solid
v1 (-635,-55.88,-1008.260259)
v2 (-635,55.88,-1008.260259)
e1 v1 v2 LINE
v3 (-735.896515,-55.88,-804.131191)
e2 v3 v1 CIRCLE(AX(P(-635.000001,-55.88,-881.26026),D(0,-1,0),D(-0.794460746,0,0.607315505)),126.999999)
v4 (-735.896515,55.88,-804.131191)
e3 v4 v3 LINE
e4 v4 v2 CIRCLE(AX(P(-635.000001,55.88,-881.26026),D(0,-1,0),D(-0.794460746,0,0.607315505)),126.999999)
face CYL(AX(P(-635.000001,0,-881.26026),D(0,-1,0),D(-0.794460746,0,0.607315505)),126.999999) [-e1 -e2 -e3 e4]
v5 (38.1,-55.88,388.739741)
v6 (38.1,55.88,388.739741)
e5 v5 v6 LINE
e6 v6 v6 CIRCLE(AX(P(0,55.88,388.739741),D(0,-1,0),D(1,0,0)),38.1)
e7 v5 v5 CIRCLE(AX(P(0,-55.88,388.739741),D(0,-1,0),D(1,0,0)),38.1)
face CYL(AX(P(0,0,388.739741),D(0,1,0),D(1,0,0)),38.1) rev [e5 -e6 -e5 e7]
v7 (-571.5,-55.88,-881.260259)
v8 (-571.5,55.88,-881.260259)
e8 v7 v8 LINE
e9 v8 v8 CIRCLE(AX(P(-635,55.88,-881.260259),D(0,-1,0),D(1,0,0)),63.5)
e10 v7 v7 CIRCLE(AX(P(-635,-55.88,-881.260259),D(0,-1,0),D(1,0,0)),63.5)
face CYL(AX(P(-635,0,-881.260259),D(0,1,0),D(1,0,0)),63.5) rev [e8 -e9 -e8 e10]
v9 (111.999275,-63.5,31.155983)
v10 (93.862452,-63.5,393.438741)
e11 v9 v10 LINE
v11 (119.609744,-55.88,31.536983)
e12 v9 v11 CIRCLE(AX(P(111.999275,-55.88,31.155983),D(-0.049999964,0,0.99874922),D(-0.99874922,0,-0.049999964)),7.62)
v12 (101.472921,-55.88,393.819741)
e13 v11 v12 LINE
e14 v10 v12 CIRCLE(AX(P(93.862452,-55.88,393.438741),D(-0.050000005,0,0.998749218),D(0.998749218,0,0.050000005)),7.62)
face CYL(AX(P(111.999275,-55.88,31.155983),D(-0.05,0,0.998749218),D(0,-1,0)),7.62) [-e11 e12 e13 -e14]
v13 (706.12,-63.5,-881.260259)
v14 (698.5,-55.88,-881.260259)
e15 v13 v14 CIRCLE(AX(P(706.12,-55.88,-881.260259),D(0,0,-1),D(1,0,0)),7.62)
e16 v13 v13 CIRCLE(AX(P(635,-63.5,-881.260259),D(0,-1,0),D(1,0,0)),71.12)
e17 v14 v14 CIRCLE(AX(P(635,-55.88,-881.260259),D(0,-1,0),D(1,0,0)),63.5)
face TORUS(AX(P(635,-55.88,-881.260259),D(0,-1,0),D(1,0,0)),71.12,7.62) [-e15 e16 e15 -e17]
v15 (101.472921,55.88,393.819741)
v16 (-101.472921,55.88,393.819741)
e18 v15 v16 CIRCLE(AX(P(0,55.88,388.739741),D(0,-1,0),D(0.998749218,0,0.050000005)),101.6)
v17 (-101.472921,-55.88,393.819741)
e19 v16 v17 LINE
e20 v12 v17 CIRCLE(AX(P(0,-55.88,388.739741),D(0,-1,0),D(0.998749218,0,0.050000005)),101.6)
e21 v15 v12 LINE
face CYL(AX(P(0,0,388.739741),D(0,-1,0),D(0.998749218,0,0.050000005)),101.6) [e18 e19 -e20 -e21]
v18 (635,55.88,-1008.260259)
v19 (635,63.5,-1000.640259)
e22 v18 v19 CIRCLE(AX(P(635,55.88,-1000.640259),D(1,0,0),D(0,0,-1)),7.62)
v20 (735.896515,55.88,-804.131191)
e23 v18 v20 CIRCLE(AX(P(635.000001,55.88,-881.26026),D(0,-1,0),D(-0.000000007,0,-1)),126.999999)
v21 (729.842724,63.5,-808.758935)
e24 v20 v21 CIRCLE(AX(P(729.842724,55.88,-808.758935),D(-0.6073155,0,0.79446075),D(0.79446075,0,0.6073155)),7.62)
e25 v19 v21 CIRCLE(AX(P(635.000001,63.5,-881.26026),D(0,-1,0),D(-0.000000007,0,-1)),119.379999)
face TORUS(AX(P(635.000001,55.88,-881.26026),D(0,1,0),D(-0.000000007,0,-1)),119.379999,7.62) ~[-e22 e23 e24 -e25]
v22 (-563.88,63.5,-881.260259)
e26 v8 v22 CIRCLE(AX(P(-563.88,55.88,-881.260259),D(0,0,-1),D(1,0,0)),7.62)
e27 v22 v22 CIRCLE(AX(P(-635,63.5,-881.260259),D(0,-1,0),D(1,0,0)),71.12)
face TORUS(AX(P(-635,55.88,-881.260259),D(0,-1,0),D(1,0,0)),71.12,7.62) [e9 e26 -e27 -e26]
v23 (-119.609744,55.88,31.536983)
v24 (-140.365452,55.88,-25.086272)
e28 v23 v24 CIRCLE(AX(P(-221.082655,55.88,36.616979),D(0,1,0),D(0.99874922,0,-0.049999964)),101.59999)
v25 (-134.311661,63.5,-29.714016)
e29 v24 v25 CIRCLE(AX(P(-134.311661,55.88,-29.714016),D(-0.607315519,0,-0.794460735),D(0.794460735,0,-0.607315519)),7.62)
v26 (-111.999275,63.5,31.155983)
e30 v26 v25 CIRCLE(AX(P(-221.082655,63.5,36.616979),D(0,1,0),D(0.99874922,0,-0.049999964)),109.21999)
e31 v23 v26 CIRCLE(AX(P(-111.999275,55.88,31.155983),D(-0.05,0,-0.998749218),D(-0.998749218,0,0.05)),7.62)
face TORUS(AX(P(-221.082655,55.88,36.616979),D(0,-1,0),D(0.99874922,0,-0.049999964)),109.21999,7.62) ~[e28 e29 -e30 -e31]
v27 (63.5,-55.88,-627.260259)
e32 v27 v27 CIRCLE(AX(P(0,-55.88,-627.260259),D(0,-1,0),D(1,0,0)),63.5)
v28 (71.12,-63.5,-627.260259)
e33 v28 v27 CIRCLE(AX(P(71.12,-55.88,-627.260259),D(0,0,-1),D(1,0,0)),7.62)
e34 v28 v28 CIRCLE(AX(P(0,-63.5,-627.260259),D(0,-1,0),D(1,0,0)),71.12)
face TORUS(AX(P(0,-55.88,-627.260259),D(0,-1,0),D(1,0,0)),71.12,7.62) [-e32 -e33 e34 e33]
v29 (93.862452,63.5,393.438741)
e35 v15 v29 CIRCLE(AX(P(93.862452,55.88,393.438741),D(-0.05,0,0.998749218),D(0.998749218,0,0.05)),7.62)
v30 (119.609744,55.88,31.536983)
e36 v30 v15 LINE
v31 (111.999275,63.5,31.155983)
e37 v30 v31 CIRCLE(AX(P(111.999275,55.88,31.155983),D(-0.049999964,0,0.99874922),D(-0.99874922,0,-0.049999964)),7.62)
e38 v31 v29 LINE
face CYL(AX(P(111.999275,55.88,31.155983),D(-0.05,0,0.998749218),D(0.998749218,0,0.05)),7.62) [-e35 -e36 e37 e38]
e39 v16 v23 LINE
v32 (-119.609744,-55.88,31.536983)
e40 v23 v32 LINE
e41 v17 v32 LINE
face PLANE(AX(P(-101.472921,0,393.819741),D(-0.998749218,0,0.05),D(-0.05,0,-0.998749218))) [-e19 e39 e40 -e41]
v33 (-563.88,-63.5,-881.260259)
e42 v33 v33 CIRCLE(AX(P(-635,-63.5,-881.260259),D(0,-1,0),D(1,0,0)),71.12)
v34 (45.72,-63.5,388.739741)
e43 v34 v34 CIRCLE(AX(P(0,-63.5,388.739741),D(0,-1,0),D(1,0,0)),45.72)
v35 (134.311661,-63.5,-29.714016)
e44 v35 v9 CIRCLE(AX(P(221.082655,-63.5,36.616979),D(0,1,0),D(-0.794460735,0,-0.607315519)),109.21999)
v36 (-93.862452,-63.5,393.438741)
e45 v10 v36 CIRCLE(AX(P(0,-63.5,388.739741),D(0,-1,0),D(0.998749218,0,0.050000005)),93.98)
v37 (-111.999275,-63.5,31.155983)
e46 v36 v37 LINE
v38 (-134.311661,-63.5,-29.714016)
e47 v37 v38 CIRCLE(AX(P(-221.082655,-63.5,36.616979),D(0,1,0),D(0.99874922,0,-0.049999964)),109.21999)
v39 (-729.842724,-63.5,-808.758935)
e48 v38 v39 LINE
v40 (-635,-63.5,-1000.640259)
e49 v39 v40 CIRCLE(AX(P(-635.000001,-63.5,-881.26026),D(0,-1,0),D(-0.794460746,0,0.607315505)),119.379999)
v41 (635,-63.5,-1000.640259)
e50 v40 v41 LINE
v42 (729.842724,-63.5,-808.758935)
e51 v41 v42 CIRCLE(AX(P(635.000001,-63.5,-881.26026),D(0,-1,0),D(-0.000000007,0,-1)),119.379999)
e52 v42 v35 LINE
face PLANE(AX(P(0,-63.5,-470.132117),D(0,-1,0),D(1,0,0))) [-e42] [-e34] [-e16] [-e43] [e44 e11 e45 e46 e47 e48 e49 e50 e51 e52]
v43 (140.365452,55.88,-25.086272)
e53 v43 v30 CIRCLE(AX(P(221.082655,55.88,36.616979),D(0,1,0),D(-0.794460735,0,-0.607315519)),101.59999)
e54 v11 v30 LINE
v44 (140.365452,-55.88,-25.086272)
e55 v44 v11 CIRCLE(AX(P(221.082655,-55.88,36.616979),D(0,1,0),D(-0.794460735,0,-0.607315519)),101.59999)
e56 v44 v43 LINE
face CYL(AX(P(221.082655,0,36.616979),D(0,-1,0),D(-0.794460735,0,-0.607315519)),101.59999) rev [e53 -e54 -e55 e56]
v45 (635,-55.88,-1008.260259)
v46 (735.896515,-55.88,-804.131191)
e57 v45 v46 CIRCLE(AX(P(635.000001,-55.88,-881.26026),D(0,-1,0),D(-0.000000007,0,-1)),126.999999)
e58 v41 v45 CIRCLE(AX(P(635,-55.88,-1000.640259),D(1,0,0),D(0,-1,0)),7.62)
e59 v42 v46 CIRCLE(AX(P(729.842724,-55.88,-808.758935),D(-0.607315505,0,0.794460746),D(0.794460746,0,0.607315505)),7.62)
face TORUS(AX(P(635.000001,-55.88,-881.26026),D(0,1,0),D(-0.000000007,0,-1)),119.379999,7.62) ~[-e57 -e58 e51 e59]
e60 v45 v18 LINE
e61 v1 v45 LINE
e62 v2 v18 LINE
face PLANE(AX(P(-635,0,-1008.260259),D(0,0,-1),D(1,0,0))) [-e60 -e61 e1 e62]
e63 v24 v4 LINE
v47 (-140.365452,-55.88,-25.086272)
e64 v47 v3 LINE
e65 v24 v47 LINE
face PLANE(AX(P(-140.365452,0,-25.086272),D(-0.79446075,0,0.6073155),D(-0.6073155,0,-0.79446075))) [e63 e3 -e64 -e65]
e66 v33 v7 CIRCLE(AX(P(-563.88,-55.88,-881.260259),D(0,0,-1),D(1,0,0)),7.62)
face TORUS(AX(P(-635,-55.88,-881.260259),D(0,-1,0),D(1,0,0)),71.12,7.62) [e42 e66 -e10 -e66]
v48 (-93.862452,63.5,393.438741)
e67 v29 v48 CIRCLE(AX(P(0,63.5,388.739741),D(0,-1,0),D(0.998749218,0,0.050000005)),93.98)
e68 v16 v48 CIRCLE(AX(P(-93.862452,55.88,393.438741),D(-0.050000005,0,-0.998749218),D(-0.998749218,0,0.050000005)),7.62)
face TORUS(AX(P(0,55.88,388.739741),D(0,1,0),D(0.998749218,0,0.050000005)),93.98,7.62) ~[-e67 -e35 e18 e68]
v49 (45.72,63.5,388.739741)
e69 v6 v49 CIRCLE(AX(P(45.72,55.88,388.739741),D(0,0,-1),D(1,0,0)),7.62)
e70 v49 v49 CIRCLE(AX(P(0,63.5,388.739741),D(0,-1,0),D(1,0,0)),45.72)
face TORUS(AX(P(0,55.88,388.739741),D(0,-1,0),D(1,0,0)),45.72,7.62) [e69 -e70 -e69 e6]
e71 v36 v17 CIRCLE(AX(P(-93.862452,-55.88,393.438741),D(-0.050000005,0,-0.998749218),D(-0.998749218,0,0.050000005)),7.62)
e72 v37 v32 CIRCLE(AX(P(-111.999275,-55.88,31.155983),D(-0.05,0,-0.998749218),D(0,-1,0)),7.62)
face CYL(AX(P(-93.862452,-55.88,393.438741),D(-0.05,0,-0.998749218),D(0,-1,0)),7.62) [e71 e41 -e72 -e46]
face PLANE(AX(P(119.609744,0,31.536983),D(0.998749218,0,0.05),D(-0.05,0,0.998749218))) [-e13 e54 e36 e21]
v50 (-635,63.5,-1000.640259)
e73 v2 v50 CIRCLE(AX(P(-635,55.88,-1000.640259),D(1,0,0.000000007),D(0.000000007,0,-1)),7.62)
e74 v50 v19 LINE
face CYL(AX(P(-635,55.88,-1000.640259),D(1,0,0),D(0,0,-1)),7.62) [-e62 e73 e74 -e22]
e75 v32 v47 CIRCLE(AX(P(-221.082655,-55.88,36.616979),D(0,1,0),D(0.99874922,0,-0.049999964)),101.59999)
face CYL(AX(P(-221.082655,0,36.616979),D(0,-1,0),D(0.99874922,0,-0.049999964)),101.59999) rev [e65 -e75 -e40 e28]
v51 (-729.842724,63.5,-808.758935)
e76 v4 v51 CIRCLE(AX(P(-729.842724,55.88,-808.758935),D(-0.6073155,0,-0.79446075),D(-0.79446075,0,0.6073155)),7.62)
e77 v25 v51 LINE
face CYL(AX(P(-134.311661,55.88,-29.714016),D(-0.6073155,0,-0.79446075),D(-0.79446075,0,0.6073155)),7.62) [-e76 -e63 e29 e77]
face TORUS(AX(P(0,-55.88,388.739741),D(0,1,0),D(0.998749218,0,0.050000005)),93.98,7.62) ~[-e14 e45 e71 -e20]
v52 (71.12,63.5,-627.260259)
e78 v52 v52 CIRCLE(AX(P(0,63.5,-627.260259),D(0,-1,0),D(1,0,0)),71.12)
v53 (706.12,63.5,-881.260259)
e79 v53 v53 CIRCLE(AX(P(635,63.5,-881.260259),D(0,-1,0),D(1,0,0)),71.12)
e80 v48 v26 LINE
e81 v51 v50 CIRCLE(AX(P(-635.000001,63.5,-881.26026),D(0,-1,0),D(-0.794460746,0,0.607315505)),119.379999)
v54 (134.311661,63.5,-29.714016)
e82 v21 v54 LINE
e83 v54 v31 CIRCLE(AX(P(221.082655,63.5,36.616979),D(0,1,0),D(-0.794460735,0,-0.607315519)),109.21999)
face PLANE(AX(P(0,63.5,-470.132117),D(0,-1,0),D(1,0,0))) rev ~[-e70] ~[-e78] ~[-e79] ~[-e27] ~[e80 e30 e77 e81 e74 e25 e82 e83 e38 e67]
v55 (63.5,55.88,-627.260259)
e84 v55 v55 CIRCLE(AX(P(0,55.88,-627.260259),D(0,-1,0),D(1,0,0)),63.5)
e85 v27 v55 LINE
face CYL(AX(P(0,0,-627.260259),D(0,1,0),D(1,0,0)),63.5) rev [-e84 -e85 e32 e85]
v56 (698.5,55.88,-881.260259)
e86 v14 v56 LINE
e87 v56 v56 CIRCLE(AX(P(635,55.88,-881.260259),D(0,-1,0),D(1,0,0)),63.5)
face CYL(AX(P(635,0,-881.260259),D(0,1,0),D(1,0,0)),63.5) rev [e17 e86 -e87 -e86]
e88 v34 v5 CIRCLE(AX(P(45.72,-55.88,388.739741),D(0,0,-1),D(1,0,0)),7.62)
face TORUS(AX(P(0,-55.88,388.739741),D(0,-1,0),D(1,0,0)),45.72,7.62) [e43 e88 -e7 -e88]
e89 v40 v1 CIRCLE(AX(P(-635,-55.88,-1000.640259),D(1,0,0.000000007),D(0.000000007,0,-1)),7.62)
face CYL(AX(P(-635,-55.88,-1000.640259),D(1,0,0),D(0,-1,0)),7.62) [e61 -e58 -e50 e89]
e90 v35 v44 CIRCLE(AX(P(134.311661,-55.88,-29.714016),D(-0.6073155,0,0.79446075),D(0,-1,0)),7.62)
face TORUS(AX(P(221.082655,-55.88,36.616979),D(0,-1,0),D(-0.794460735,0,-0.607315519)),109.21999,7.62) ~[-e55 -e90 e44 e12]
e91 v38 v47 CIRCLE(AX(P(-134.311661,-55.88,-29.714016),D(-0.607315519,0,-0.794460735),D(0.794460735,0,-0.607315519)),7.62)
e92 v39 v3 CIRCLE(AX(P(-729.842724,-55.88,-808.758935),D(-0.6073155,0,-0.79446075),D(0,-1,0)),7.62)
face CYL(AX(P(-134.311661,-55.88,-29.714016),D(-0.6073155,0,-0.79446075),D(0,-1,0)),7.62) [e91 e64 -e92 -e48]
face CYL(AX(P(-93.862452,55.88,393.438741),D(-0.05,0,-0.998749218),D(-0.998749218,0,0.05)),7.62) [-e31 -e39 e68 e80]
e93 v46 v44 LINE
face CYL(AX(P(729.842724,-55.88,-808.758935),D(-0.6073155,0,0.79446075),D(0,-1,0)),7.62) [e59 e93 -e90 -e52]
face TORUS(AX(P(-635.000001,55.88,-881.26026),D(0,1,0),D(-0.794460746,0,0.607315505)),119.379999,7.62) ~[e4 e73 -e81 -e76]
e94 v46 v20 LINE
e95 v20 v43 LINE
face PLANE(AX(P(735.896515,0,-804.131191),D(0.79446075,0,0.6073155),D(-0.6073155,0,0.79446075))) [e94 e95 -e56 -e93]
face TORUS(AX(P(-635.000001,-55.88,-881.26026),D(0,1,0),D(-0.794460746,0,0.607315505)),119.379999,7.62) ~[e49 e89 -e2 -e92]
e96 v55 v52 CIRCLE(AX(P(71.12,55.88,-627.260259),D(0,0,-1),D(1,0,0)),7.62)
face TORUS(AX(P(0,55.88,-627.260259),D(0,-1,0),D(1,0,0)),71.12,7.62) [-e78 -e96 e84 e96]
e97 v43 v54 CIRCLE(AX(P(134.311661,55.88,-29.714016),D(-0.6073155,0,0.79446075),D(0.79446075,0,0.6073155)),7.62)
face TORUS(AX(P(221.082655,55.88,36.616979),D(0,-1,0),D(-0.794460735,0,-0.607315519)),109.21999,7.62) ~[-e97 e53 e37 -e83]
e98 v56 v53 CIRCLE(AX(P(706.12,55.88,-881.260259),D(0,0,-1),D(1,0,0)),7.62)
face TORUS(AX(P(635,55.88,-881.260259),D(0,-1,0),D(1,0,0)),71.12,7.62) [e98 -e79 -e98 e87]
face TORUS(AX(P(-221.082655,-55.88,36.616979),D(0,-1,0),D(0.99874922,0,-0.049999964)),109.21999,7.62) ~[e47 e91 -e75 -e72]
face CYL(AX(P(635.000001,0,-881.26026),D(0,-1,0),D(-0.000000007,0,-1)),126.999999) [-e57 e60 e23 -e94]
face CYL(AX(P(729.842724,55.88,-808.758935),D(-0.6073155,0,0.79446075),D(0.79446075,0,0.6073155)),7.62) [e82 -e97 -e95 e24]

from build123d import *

# Parameters (mm, degrees)
F0_R     = 63.5
F0_R_2   = 38.1
F1_DEPTH = 63.5
F2_R     = 7.62


with BuildPart() as f1:
    # F0 (on Front) → F1 (new body, symmetric)
    with BuildSketch(Plane.XZ):
        with BuildLine():
            Line((119.609744, 31.536983), (101.472921, 393.819741))
            ThreePointArc((101.472921, 393.819741), (0, 490.339741), (-101.472921, 393.819741))
            Line((-101.472921, 393.819741), (-119.609744, 31.536983))
            ThreePointArc((-119.609744, 31.536983), (-125.689481, 1.649846), (-140.365452, -25.086272))
            Line((-140.365452, -25.086272), (-735.896515, -804.131191))
            ThreePointArc((-735.896515, -804.131191), (-748.85164, -937.534624), (-635, -1008.260259))
            Line((-635, -1008.260259), (635, -1008.260259))
            ThreePointArc((635, -1008.260259), (748.85164, -937.534624), (735.896515, -804.131191))
            Line((735.896515, -804.131191), (140.365452, -25.086272))
            ThreePointArc((140.365452, -25.086272), (125.689481, 1.649846), (119.609744, 31.536983))
        make_face()
        with Locations((-635, -881.260259)):
            Circle(F0_R, mode=Mode.SUBTRACT)
        with Locations((635, -881.260259)):
            Circle(F0_R, mode=Mode.SUBTRACT)
        with Locations((0, -627.260259)):
            Circle(F0_R, mode=Mode.SUBTRACT)
        with Locations((0, 388.739741)):
            Circle(F0_R_2, mode=Mode.SUBTRACT)
    extrude(amount=F1_DEPTH, both=True)

    # F2
    f2_edges = [f1.edges().sort_by_distance(p)[0] for p in [
        (0, -63.5, 490.339741),
        (110.541332, -63.5, 212.678362),
        (-110.541332, -63.5, 212.678362),
        (438.130984, 63.5, -414.608731),
        (125.689481, 63.5, 1.649846),
        (110.541332, 63.5, 212.678362),
        (0, -63.5, -1008.260259),
        (-698.5, -63.5, -881.260259),
        (-698.5, 63.5, -881.260259),
        (-63.5, 63.5, -627.260259),
        (-63.5, -63.5, -627.260259),
        (571.5, -63.5, -881.260259),
        (571.5, 63.5, -881.260259),
        (-38.1, -63.5, 388.739741),
        (-38.1, 63.5, 388.739741),
    ]]
    fillet(f2_edges, radius=F2_R)


solid = f1.part
